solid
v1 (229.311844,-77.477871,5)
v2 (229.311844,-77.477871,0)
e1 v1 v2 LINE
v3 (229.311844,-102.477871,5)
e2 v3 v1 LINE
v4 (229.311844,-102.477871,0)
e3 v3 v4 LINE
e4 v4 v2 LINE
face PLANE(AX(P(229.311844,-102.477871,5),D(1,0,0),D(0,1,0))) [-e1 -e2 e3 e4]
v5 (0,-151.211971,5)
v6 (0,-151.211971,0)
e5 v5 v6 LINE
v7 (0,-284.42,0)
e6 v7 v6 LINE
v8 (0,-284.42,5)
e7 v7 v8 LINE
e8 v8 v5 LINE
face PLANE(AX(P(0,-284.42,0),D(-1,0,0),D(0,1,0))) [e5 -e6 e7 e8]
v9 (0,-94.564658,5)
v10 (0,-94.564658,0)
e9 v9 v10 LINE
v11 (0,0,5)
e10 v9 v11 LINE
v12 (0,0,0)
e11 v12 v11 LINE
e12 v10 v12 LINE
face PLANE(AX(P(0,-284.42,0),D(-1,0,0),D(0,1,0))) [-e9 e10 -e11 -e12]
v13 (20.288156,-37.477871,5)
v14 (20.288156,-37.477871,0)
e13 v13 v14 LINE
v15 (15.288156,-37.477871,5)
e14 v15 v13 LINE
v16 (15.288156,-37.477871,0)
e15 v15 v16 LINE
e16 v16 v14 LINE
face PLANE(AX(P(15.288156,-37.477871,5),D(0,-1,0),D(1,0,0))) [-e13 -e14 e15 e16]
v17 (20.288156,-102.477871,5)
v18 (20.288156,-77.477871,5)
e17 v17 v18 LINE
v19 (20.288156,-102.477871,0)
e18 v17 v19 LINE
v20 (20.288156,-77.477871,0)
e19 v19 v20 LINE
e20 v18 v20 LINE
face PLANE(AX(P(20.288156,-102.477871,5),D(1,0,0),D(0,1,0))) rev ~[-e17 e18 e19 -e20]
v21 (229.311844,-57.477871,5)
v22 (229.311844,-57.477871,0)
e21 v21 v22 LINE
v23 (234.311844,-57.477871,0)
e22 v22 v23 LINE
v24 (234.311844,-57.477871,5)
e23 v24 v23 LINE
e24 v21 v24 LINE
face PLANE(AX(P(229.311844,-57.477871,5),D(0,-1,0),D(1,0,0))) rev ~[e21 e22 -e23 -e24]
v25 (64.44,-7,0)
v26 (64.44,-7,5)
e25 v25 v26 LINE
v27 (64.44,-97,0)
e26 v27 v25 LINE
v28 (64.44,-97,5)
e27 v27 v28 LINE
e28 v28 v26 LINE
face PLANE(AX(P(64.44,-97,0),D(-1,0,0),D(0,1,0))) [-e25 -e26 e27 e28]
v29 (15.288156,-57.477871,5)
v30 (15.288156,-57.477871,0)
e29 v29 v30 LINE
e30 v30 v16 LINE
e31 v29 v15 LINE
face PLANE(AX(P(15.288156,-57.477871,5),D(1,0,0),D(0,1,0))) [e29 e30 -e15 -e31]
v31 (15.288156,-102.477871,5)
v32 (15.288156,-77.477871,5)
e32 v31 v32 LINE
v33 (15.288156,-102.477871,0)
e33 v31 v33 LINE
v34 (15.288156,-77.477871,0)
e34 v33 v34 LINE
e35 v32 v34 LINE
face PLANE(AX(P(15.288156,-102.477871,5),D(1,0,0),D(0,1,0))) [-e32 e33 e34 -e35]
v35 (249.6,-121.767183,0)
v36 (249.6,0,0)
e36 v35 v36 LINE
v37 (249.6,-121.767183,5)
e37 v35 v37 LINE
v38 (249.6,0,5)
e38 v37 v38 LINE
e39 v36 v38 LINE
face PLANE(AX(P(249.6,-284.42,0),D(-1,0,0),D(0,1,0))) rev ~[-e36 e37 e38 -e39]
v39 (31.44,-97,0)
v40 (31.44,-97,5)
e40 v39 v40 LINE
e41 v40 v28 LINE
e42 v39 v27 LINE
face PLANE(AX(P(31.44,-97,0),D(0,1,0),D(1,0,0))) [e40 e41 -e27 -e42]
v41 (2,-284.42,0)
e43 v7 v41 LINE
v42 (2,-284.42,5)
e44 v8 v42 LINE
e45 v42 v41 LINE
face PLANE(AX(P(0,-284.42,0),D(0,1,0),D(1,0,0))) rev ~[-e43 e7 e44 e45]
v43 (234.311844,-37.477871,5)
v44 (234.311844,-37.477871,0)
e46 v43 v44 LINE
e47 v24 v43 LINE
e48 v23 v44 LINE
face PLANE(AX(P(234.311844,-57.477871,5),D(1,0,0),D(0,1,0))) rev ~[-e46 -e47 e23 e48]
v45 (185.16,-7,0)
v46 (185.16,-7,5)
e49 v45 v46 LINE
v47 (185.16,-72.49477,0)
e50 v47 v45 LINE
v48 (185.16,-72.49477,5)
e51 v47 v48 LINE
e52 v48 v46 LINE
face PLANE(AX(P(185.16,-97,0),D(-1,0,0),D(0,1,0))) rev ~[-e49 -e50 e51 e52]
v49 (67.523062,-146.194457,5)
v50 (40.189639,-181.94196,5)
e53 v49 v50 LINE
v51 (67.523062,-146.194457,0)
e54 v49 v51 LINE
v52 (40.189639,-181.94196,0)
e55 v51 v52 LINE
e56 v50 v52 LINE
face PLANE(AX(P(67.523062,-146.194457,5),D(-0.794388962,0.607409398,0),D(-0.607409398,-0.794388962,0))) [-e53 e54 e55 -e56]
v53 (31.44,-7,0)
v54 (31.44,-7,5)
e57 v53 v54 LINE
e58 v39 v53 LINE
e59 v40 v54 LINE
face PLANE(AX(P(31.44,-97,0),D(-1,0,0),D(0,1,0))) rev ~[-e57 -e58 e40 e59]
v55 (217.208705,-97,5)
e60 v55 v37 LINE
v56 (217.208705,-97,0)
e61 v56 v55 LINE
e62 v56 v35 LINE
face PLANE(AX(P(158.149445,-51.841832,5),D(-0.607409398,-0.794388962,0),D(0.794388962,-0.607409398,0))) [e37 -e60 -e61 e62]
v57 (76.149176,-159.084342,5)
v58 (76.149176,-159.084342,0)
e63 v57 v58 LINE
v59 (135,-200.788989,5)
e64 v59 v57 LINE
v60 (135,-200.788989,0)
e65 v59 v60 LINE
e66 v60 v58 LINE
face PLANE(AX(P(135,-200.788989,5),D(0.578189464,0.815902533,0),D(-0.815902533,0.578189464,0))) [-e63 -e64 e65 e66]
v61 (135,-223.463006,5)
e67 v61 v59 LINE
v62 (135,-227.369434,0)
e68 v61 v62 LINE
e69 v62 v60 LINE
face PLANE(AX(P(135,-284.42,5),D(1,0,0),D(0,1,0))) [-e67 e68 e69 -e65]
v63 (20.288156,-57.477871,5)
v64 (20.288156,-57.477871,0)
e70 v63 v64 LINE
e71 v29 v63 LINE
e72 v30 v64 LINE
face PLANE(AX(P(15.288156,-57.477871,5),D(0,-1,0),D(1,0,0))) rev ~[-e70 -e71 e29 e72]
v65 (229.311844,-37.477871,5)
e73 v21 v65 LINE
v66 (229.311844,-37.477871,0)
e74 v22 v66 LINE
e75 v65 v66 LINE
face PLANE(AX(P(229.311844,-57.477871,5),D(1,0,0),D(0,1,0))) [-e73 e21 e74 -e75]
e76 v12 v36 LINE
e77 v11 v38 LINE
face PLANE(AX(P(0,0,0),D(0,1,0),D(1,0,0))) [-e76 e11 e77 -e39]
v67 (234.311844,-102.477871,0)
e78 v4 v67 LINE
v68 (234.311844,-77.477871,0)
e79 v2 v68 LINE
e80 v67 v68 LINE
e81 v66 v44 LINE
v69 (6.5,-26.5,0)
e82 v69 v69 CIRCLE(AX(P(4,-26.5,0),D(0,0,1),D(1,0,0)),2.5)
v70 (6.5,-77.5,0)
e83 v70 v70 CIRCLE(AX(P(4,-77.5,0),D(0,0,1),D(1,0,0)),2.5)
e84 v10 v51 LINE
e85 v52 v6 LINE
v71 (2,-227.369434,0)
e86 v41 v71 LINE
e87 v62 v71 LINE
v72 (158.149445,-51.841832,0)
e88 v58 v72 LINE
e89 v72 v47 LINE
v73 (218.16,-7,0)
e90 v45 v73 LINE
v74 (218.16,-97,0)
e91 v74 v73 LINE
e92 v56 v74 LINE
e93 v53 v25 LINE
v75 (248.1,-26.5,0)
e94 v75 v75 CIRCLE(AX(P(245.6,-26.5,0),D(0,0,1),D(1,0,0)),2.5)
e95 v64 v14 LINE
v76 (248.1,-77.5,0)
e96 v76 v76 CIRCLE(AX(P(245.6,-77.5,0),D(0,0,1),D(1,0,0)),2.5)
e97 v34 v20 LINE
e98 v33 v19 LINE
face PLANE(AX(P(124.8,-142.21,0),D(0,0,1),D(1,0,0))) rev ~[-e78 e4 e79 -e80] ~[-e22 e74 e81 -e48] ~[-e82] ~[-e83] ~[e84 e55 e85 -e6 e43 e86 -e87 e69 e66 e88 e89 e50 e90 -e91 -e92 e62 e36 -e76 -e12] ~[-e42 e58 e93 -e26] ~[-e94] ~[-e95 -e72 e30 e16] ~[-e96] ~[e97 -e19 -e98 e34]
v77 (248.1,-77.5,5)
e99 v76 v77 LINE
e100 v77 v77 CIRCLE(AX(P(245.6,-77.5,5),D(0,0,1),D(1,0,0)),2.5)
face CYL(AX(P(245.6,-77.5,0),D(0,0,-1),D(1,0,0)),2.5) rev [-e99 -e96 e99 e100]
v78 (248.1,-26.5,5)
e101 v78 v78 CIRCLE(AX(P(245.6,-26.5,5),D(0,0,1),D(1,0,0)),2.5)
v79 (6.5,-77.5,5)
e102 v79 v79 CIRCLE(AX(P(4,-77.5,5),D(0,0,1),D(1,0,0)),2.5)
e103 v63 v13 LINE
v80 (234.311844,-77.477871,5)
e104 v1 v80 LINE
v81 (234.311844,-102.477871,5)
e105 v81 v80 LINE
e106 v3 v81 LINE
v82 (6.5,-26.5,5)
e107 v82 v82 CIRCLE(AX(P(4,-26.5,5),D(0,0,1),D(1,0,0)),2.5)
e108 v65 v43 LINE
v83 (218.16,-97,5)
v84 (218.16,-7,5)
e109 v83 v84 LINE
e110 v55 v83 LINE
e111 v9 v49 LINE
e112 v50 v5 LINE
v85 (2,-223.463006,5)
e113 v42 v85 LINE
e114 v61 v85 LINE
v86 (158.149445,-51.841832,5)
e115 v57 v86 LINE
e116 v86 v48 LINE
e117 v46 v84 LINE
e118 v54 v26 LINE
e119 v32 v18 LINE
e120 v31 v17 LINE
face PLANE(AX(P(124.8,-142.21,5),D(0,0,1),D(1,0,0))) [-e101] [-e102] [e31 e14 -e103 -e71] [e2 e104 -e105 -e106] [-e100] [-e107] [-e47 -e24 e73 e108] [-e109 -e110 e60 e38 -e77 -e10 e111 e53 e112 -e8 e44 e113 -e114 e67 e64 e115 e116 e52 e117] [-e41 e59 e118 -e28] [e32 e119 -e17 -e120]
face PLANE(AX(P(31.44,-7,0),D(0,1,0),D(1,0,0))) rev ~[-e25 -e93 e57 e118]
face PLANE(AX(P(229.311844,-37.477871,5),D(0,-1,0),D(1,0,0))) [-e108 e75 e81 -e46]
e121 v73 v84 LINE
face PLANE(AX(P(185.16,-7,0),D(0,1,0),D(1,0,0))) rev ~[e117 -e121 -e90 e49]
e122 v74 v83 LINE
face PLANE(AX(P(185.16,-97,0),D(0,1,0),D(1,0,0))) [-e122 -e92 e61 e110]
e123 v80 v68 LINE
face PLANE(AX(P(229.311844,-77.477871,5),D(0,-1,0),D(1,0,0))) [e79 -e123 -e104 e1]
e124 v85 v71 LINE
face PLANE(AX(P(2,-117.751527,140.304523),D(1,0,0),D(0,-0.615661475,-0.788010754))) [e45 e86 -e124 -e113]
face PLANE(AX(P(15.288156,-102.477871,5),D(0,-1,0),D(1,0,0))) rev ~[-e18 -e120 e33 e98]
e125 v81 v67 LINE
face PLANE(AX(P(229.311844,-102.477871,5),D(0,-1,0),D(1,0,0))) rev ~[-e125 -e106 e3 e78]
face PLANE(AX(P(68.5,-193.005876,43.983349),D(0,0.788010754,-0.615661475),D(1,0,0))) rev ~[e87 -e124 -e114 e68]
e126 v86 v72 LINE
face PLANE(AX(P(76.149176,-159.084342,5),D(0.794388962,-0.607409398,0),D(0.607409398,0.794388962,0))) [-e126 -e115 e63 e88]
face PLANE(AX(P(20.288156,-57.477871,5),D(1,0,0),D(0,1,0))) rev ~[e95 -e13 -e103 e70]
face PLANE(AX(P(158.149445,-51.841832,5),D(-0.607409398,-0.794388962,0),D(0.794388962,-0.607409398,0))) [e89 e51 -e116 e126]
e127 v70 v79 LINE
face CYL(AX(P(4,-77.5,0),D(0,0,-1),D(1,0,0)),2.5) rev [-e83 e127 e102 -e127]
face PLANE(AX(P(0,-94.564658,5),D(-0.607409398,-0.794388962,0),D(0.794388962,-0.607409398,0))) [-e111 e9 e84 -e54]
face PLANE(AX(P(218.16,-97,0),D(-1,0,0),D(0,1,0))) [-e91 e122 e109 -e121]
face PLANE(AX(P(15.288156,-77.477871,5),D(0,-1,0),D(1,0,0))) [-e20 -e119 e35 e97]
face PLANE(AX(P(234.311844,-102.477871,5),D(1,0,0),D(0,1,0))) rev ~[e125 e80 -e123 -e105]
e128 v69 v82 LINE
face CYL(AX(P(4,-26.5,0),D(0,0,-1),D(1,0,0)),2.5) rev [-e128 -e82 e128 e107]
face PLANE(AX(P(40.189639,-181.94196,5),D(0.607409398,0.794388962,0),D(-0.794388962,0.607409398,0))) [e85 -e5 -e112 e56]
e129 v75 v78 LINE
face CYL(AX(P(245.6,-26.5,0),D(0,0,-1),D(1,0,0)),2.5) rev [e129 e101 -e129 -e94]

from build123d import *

# Parameters (mm, degrees)
SKETCH1_W           = 249.6
SKETCH1_H           = 284.42
SKETCH1_R           = 2.5
SKETCH1_W_2         = 33
SKETCH1_H_2         = 90
BOSS_EXTRUDE1_DEPTH = 5
SKETCH4_W           = 133
SKETCH4_H           = 244.46665057
CUT_EXTRUDE2_DEPTH  = 49.034766894
CUT_EXTRUDE3_DEPTH  = 6
CUT_EXTRUDE4_DEPTH  = 6
SKETCH7_W           = 5
SKETCH7_H           = 20
SKETCH7_H_2         = 25
CUT_EXTRUDE5_DEPTH  = 6


with BuildPart() as part:
    # Sketch1 → Boss-Extrude1 (new body)
    with BuildSketch(Plane.XY):
        with Locations((124.8, -142.21)):
            Rectangle(SKETCH1_W, SKETCH1_H)
        with Locations((245.6, -26.5)):
            Circle(SKETCH1_R, mode=Mode.SUBTRACT)
        with Locations((245.6, -77.5)):
            Circle(SKETCH1_R, mode=Mode.SUBTRACT)
        with Locations((4, -77.5)):
            Circle(SKETCH1_R, mode=Mode.SUBTRACT)
        with Locations((4, -26.5)):
            Circle(SKETCH1_R, mode=Mode.SUBTRACT)
        with Locations((201.66, -52)):
            Rectangle(SKETCH1_W_2, SKETCH1_H_2, mode=Mode.SUBTRACT)
        with Locations((47.94, -52)):
            Rectangle(SKETCH1_W_2, SKETCH1_H_2, mode=Mode.SUBTRACT)
    extrude(amount=BOSS_EXTRUDE1_DEPTH)

    # Sketch4 → Cut-Extrude2 (cut, through all)
    with BuildSketch(Plane(origin=(0, -141.18753923, 110.307795042), x_dir=(1, 0, 0), z_dir=(0, 0.788010754, -0.615661475))):
        with Locations((68.5, 84.166930672)):
            Rectangle(SKETCH4_W, SKETCH4_H)
    extrude(amount=-CUT_EXTRUDE2_DEPTH, mode=Mode.SUBTRACT)

    # Sketch5 → Cut-Extrude3 (cut, through all)
    with BuildSketch(Plane.XY.offset(5)):
        Polygon((76.149175745, -159.084342324), (158.149444505, -51.841832454), (328.08312673, -181.777318211), (207.31876811, -339.716714228), (135, -284.42), (135, -200.788988557), align=None)
    extrude(amount=-CUT_EXTRUDE3_DEPTH, mode=Mode.SUBTRACT)

    # Sketch6 → Cut-Extrude4 (cut, through all)
    with BuildSketch(Plane.XY.offset(5)):
        Polygon((0, -94.564658056), (67.52306177, -146.194456905), (40.18963885, -181.941960195), (-27.33342292, -130.312161346), align=None)
    extrude(amount=-CUT_EXTRUDE4_DEPTH, mode=Mode.SUBTRACT)

    # Sketch7 → Cut-Extrude5 (cut, through all)
    with BuildSketch(Plane.XY.offset(5)):
        with Locations((17.788155616, -47.477871486)):
            Rectangle(SKETCH7_W, SKETCH7_H)
        with Locations((231.811844384, -47.477871486)):
            Rectangle(SKETCH7_W, SKETCH7_H)
        with Locations((17.788155616, -89.977871486)):
            Rectangle(SKETCH7_W, SKETCH7_H_2)
        with Locations((231.811844384, -89.977871486)):
            Rectangle(SKETCH7_W, SKETCH7_H_2)
    extrude(amount=-CUT_EXTRUDE5_DEPTH, mode=Mode.SUBTRACT)


solid = part.part
